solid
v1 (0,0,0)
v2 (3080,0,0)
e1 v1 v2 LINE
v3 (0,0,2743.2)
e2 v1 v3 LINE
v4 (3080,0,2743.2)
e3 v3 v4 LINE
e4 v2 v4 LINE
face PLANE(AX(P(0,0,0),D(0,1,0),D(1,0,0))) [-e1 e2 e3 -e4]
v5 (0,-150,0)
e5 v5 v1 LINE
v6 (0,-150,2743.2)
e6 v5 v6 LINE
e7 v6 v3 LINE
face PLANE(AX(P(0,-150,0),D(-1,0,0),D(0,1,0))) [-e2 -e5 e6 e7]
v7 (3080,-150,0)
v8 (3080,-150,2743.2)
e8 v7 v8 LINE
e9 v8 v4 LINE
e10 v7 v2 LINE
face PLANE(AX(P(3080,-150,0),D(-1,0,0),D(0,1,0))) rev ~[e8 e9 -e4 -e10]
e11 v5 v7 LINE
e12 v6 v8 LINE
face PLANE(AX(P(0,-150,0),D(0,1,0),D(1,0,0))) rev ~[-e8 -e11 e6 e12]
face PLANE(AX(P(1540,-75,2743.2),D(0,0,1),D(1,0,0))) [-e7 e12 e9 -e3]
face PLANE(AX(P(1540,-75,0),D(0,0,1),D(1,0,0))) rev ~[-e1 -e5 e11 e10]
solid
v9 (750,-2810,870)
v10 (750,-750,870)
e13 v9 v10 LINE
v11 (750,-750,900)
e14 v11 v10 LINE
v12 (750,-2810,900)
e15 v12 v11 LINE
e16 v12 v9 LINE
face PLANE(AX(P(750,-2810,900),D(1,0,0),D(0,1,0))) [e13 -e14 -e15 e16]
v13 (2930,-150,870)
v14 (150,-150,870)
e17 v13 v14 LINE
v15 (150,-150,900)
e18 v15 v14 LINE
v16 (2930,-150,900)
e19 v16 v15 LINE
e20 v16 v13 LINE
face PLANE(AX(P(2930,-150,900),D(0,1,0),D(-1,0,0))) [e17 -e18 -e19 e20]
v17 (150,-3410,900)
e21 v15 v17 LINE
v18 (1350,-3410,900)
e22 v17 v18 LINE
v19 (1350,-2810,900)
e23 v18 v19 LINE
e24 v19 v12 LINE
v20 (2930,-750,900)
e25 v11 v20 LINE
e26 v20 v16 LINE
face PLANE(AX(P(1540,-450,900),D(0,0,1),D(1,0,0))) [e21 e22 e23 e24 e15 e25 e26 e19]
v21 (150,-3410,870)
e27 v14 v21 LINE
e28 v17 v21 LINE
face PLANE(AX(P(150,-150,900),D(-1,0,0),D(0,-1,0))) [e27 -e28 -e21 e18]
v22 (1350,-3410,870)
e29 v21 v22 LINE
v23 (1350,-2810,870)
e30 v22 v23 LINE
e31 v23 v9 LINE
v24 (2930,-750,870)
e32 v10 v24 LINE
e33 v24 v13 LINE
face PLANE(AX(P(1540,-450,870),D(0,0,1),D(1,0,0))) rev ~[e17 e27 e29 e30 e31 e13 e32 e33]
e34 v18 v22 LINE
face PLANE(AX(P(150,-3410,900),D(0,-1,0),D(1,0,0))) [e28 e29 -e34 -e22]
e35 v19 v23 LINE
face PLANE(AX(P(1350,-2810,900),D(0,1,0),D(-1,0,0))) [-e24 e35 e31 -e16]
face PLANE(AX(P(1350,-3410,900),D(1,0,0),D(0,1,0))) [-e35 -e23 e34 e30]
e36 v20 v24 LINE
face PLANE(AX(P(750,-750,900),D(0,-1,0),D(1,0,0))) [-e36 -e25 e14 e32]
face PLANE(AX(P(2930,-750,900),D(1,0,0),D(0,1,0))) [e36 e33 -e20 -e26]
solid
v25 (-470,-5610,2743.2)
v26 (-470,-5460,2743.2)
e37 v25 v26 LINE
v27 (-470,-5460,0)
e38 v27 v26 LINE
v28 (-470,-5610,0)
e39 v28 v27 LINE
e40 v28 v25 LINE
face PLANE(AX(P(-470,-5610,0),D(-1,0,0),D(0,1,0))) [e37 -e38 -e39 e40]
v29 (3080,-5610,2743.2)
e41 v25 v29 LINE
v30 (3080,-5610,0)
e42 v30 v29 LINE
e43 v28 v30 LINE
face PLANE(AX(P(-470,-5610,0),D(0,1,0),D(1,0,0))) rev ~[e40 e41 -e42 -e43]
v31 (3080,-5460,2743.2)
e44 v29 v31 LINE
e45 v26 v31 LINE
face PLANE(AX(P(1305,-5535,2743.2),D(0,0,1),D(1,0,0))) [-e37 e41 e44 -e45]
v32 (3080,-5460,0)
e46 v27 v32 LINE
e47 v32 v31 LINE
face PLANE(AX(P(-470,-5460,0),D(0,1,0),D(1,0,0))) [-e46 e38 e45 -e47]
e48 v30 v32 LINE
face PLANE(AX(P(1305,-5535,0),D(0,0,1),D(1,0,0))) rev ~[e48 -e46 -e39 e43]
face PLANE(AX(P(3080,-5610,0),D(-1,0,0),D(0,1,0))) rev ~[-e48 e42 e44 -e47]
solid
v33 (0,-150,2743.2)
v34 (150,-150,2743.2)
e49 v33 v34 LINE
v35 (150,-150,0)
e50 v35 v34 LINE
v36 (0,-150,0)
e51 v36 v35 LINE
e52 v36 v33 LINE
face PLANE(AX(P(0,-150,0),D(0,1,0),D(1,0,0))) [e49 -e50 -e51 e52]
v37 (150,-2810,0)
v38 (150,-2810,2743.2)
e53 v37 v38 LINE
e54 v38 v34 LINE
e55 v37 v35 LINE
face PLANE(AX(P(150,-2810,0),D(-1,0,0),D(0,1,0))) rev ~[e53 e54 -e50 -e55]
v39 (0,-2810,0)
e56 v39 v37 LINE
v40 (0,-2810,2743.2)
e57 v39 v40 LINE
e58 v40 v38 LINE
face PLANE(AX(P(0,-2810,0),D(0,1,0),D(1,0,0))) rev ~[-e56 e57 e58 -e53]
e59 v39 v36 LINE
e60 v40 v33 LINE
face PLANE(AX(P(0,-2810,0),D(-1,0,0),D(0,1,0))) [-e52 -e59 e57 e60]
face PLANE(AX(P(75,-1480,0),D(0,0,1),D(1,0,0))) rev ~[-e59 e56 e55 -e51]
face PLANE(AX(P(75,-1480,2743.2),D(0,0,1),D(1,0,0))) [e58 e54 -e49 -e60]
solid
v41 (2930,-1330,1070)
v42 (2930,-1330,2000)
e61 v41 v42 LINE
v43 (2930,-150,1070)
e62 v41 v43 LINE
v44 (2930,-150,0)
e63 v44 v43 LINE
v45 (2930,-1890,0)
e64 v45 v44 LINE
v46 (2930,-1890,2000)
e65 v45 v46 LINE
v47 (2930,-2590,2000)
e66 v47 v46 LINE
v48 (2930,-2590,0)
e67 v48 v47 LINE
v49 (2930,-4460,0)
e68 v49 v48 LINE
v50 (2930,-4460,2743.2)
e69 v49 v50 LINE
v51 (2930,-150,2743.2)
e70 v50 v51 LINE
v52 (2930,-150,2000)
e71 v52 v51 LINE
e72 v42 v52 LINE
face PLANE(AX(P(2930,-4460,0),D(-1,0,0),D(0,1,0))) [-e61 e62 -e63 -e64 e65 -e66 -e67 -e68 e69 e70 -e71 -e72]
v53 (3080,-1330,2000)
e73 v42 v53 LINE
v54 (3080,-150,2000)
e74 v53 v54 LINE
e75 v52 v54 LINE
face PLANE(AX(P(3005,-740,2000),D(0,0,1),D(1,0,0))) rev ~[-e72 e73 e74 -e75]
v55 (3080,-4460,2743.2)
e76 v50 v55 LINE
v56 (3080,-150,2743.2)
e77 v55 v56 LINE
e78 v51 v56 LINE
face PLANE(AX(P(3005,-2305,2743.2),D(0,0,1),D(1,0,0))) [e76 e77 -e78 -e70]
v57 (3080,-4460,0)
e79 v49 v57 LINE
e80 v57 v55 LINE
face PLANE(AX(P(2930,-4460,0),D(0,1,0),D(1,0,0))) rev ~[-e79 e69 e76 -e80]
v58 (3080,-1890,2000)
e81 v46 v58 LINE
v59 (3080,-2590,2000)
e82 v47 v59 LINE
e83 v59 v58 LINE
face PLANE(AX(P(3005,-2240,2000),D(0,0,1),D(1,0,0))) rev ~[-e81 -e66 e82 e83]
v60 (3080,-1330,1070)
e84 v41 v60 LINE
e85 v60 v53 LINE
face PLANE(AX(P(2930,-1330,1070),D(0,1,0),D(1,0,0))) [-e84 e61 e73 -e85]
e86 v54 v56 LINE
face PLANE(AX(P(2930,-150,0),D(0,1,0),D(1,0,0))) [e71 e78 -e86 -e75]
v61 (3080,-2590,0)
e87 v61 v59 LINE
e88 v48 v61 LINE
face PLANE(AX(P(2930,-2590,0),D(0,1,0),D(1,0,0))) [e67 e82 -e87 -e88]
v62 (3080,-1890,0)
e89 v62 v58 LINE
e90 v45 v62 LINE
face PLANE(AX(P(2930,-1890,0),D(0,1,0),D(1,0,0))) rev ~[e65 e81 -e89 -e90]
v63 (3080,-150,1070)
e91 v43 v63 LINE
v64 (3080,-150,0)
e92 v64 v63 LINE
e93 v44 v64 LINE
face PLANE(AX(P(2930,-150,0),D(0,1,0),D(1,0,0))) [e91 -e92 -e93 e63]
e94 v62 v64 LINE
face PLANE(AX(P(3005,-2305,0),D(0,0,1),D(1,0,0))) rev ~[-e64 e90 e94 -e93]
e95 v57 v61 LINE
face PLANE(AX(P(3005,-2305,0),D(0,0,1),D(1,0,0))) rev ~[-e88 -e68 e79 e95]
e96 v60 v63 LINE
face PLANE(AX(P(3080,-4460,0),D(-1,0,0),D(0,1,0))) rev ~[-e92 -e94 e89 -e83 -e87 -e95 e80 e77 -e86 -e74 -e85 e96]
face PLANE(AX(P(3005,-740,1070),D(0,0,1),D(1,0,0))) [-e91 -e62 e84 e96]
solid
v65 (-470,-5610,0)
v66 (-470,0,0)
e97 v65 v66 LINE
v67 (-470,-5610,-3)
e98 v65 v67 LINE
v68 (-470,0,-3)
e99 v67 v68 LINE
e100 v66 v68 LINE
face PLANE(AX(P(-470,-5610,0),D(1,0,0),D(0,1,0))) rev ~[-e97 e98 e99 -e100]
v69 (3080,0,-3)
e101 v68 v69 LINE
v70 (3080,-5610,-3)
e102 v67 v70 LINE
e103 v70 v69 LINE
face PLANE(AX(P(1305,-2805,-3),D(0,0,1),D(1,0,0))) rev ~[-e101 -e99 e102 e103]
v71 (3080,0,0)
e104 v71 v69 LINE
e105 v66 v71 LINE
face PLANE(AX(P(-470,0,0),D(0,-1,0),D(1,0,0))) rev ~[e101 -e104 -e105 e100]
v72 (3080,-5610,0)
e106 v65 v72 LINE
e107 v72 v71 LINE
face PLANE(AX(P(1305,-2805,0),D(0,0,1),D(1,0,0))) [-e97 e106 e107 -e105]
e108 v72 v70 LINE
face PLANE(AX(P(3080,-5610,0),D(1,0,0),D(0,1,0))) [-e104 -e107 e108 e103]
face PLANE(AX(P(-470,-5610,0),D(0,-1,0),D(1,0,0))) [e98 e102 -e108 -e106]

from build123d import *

# Parameters (mm, degrees)
F3_W      = 3080
F3_H      = 150
F4_DEPTH  = 2743.2
F5_W      = 150
F5_H      = 2660
F6_DEPTH  = 2743.2
F7_W      = 150
F7_H      = 4310
F8_DEPTH  = 2743.2
F9_W      = 3550
F9_H      = 150
F10_DEPTH = 2743.2
F11_W     = 3550
F11_H     = 5610
F12_DEPTH = 3
F13_W     = 150
F13_H     = 700
F14_DEPTH = 2000
F15_W     = 150
F15_H     = 1180
F16_DEPTH = 930
F17_W     = 600
F17_H     = 2060
F18_DEPTH = 30


with BuildPart() as f4:
    # F3 (on Top) → F4 (new body)
    with BuildSketch(Plane.XY):
        with Locations((1540, -75)):
            Rectangle(F3_W, F3_H)
    extrude(amount=F4_DEPTH)


with BuildPart() as f6:
    # F5 (on Top) → F6 (new body, through all)
    with BuildSketch(Plane.XY):
        with Locations((75, -1480)):
            Rectangle(F5_W, F5_H)
    extrude(amount=F6_DEPTH)


with BuildPart() as f8:
    # F7 (on Top) → F8 (new body, through all)
    with BuildSketch(Plane.XY):
        with Locations((3005, -2305)):
            Rectangle(F7_W, F7_H)
    extrude(amount=F8_DEPTH)

    # F13 (on Top) → F14 (cut)
    with BuildSketch(Plane.XY):
        with Locations((3005, -2240)):
            Rectangle(F13_W, F13_H)
    extrude(amount=F14_DEPTH, mode=Mode.SUBTRACT)

    # F15 (on offset) → F16 (cut, through all)
    with BuildSketch(Plane.XY.offset(1070)):
        with Locations((3005, -740)):
            Rectangle(F15_W, F15_H)
    extrude(amount=F16_DEPTH, mode=Mode.SUBTRACT)


with BuildPart() as f10:
    # F9 (on Top) → F10 (new body, through all)
    with BuildSketch(Plane.XY):
        with Locations((1305, -5535)):
            Rectangle(F9_W, F9_H)
    extrude(amount=F10_DEPTH)


with BuildPart() as f12:
    # F11 (on Top) → F12 (new body)
    with BuildSketch(Plane.XY):
        with Locations((1305, -2805)):
            Rectangle(F11_W, F11_H)
    extrude(amount=-F12_DEPTH)


with BuildPart() as f18:
    # F17 (on offset) → F18 (new body)
    with BuildSketch(Plane.XY.offset(900)):
        Polygon((2930, -150), (150, -150), (150, -750), (750, -750), (2930, -750), align=None)
        with Locations((450, -1780)):
            Rectangle(F17_W, F17_H)
        Polygon((750, -2810), (150, -2810), (150, -3410), (1350, -3410), (1350, -2810), align=None)
    extrude(amount=-F18_DEPTH)


solid = Compound([f4.part, f6.part, f8.part, f10.part, f12.part, f18.part])
